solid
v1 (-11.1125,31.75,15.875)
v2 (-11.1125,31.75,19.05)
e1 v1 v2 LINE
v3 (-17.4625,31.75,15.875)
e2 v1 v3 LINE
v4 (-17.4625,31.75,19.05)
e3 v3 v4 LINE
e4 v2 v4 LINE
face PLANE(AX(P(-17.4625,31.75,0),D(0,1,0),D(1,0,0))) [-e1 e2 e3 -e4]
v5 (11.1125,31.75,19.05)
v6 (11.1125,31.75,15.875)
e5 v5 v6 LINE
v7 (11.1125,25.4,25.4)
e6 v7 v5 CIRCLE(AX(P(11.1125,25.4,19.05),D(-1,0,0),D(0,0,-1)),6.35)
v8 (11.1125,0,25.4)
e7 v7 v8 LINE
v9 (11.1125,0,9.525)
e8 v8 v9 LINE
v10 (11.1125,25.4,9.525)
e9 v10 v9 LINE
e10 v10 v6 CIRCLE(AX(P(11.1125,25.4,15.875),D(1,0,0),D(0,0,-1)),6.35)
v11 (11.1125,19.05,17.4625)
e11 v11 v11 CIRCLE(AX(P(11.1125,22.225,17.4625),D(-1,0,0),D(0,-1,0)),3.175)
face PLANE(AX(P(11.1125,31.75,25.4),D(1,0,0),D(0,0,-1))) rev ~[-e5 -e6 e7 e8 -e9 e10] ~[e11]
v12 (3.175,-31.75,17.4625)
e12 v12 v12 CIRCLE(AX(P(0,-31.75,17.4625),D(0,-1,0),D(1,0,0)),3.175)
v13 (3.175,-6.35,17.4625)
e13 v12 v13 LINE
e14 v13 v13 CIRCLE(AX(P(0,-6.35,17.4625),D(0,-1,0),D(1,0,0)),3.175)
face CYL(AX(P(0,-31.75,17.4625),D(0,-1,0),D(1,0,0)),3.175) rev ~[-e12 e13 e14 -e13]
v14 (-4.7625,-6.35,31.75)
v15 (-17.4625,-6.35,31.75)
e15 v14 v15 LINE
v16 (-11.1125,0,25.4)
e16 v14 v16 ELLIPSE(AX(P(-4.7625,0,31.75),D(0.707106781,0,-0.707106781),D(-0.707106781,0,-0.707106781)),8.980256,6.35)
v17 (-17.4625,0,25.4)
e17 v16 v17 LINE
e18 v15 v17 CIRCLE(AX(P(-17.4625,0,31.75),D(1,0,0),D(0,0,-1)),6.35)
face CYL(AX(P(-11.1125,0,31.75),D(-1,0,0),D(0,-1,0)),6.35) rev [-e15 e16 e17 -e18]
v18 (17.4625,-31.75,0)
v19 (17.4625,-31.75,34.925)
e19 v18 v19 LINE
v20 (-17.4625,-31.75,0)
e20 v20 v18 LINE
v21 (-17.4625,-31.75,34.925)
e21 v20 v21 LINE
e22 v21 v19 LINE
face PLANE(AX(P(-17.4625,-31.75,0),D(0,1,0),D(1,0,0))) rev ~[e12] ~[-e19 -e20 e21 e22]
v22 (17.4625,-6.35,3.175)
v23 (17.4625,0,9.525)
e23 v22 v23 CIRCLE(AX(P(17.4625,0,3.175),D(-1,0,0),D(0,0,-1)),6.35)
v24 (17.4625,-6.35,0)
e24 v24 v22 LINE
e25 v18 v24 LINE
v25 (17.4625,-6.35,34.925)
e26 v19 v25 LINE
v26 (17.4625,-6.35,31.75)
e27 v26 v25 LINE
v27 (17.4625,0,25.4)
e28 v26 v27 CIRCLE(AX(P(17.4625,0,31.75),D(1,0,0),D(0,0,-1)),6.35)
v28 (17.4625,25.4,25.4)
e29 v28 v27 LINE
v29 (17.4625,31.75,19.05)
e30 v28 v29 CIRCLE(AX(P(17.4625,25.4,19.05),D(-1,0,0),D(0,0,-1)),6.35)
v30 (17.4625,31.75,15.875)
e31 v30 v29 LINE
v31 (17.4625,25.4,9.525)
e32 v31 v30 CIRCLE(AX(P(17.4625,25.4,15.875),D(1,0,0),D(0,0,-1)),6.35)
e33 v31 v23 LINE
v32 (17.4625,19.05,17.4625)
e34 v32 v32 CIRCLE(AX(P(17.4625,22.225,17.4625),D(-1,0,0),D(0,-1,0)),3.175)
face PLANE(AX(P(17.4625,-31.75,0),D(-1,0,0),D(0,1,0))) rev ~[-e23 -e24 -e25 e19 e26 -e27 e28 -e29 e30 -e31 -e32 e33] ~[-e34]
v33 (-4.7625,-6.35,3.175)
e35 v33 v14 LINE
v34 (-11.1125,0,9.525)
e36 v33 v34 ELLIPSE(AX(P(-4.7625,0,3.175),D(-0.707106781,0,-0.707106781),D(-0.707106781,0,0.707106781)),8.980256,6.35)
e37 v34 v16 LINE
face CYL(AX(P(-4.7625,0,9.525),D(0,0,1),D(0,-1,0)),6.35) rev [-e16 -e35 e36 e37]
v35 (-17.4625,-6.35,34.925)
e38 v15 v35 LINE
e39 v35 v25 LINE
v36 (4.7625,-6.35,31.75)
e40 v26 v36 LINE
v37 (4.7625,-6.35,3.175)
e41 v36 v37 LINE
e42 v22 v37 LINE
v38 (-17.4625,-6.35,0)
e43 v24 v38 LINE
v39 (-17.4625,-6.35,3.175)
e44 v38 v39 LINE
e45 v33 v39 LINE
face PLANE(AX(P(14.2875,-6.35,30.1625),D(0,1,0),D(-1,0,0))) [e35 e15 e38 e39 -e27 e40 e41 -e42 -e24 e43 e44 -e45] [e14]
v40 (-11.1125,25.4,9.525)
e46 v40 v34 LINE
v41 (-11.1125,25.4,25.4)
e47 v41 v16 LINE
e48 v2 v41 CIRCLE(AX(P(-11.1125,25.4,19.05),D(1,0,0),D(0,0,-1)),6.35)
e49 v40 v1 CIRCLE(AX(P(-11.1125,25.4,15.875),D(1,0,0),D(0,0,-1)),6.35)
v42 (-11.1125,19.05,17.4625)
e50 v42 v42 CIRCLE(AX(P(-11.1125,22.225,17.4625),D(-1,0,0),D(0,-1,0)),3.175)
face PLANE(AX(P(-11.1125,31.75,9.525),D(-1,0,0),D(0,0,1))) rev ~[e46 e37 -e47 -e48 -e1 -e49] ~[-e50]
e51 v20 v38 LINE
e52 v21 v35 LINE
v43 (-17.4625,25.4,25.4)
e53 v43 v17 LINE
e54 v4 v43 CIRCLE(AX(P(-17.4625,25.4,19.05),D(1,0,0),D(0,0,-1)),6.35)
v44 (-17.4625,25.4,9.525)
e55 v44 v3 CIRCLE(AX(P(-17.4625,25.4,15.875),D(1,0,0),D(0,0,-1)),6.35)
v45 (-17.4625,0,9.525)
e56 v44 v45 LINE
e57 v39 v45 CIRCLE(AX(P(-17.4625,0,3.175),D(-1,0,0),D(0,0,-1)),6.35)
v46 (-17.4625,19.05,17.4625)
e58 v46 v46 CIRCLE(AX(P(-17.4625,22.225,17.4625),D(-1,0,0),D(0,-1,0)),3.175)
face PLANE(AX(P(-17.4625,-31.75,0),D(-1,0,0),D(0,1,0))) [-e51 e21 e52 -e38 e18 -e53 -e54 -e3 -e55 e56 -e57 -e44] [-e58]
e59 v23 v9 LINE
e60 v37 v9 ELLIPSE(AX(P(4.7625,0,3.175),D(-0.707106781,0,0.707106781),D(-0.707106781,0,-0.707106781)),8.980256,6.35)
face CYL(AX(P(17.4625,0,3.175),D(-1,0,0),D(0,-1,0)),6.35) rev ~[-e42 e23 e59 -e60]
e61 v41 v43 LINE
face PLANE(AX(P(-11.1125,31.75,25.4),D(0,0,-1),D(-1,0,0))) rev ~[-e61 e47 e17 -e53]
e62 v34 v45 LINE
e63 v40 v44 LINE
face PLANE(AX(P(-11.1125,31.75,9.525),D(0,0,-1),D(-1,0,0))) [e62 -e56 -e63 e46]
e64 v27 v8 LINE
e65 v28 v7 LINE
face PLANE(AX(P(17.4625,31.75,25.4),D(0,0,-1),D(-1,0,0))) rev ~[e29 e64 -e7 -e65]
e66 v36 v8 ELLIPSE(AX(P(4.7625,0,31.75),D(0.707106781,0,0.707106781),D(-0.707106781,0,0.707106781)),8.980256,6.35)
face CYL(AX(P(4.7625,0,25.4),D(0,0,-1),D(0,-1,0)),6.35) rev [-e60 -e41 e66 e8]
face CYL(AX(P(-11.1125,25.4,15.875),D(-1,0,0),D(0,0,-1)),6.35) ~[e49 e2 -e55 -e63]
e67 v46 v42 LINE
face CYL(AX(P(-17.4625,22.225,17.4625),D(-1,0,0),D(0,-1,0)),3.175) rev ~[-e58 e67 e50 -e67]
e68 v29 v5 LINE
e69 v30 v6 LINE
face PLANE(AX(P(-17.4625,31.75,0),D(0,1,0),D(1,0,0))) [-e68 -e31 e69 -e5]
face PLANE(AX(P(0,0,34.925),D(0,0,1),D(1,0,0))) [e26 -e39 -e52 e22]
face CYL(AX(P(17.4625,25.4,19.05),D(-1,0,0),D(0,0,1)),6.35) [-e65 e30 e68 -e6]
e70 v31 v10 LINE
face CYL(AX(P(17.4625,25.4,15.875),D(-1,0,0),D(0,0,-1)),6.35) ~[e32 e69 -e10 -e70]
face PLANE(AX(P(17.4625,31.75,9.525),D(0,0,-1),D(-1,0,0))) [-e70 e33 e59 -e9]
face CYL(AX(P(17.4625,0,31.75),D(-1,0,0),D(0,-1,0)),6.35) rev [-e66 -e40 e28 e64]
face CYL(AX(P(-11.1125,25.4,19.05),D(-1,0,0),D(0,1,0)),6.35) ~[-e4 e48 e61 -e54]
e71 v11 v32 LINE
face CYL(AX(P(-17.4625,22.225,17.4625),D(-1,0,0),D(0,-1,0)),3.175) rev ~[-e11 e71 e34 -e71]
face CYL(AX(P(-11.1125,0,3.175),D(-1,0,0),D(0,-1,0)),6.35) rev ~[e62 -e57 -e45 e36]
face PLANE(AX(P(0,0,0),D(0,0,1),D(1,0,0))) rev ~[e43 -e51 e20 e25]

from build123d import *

# Parameters (mm, degrees)
F0_W     = 34.925
F0_H     = 63.5
F1_DEPTH = 34.925
F2_W     = 6.35
F2_H     = 9.525
F3_DEPTH = 38.1
F4_R     = 3.175
F5_DEPTH = 34.926
F6_R     = 3.175
F7_DEPTH = 25.4
F8_R     = 6.35


with BuildPart() as f1:
    # F0 (on Top) → F1 (new body)
    with BuildSketch(Plane.XY):
        Rectangle(F0_W, F0_H)
    extrude(amount=F1_DEPTH)

    # F2 (on face) → F3 (cut)
    with BuildSketch(Plane(origin=(0, 31.75, 0), x_dir=(-1, 0, 0), z_dir=(0, 1, 0))):
        with Locations((-14.2875, 30.1625)):
            Rectangle(F2_W, F2_H)
        with Locations((-14.2875, 4.7625)):
            Rectangle(F2_W, F2_H)
        with Locations((14.2875, 30.1625)):
            Rectangle(F2_W, F2_H)
        with Locations((14.2875, 4.7625)):
            Rectangle(F2_W, F2_H)
        Polygon((11.1125, 34.925), (-11.1125, 34.925), (-11.1125, 25.4), (-11.1125, 9.525), (-11.1125, 0), (11.1125, 0), (11.1125, 9.525), (11.1125, 25.4), align=None)
    extrude(amount=-F3_DEPTH, mode=Mode.SUBTRACT)

    # F4 (on face) → F5 (cut, through all)
    with BuildSketch(Plane(origin=(-17.4625, 0, 0), x_dir=(0, -1, 0), z_dir=(-1, 0, 0))):
        with Locations((-22.225, 17.4625)):
            Circle(F4_R)
    extrude(amount=-F5_DEPTH, mode=Mode.SUBTRACT)

    # F6 (on face) → F7 (cut)
    with BuildSketch(Plane.XZ.offset(31.75)):
        with Locations((0, 17.4625)):
            Circle(F6_R)
    extrude(amount=-F7_DEPTH, mode=Mode.SUBTRACT)

    # F8
    f8_edges = [f1.edges().sort_by_distance(p)[0] for p in [
        (14.2875, 31.75, 25.4),
        (14.2875, -6.35, 25.4),
        (-14.2875, -6.35, 25.4),
        (-14.2875, 31.75, 25.4),
        (-14.2875, 31.75, 9.525),
        (14.2875, 31.75, 9.525),
        (14.2875, -6.35, 9.525),
        (-14.2875, -6.35, 9.525),
        (11.1125, -6.35, 17.4625),
        (-11.1125, -6.35, 17.4625),
    ]]
    fillet(f8_edges, radius=F8_R)


solid = f1.part
